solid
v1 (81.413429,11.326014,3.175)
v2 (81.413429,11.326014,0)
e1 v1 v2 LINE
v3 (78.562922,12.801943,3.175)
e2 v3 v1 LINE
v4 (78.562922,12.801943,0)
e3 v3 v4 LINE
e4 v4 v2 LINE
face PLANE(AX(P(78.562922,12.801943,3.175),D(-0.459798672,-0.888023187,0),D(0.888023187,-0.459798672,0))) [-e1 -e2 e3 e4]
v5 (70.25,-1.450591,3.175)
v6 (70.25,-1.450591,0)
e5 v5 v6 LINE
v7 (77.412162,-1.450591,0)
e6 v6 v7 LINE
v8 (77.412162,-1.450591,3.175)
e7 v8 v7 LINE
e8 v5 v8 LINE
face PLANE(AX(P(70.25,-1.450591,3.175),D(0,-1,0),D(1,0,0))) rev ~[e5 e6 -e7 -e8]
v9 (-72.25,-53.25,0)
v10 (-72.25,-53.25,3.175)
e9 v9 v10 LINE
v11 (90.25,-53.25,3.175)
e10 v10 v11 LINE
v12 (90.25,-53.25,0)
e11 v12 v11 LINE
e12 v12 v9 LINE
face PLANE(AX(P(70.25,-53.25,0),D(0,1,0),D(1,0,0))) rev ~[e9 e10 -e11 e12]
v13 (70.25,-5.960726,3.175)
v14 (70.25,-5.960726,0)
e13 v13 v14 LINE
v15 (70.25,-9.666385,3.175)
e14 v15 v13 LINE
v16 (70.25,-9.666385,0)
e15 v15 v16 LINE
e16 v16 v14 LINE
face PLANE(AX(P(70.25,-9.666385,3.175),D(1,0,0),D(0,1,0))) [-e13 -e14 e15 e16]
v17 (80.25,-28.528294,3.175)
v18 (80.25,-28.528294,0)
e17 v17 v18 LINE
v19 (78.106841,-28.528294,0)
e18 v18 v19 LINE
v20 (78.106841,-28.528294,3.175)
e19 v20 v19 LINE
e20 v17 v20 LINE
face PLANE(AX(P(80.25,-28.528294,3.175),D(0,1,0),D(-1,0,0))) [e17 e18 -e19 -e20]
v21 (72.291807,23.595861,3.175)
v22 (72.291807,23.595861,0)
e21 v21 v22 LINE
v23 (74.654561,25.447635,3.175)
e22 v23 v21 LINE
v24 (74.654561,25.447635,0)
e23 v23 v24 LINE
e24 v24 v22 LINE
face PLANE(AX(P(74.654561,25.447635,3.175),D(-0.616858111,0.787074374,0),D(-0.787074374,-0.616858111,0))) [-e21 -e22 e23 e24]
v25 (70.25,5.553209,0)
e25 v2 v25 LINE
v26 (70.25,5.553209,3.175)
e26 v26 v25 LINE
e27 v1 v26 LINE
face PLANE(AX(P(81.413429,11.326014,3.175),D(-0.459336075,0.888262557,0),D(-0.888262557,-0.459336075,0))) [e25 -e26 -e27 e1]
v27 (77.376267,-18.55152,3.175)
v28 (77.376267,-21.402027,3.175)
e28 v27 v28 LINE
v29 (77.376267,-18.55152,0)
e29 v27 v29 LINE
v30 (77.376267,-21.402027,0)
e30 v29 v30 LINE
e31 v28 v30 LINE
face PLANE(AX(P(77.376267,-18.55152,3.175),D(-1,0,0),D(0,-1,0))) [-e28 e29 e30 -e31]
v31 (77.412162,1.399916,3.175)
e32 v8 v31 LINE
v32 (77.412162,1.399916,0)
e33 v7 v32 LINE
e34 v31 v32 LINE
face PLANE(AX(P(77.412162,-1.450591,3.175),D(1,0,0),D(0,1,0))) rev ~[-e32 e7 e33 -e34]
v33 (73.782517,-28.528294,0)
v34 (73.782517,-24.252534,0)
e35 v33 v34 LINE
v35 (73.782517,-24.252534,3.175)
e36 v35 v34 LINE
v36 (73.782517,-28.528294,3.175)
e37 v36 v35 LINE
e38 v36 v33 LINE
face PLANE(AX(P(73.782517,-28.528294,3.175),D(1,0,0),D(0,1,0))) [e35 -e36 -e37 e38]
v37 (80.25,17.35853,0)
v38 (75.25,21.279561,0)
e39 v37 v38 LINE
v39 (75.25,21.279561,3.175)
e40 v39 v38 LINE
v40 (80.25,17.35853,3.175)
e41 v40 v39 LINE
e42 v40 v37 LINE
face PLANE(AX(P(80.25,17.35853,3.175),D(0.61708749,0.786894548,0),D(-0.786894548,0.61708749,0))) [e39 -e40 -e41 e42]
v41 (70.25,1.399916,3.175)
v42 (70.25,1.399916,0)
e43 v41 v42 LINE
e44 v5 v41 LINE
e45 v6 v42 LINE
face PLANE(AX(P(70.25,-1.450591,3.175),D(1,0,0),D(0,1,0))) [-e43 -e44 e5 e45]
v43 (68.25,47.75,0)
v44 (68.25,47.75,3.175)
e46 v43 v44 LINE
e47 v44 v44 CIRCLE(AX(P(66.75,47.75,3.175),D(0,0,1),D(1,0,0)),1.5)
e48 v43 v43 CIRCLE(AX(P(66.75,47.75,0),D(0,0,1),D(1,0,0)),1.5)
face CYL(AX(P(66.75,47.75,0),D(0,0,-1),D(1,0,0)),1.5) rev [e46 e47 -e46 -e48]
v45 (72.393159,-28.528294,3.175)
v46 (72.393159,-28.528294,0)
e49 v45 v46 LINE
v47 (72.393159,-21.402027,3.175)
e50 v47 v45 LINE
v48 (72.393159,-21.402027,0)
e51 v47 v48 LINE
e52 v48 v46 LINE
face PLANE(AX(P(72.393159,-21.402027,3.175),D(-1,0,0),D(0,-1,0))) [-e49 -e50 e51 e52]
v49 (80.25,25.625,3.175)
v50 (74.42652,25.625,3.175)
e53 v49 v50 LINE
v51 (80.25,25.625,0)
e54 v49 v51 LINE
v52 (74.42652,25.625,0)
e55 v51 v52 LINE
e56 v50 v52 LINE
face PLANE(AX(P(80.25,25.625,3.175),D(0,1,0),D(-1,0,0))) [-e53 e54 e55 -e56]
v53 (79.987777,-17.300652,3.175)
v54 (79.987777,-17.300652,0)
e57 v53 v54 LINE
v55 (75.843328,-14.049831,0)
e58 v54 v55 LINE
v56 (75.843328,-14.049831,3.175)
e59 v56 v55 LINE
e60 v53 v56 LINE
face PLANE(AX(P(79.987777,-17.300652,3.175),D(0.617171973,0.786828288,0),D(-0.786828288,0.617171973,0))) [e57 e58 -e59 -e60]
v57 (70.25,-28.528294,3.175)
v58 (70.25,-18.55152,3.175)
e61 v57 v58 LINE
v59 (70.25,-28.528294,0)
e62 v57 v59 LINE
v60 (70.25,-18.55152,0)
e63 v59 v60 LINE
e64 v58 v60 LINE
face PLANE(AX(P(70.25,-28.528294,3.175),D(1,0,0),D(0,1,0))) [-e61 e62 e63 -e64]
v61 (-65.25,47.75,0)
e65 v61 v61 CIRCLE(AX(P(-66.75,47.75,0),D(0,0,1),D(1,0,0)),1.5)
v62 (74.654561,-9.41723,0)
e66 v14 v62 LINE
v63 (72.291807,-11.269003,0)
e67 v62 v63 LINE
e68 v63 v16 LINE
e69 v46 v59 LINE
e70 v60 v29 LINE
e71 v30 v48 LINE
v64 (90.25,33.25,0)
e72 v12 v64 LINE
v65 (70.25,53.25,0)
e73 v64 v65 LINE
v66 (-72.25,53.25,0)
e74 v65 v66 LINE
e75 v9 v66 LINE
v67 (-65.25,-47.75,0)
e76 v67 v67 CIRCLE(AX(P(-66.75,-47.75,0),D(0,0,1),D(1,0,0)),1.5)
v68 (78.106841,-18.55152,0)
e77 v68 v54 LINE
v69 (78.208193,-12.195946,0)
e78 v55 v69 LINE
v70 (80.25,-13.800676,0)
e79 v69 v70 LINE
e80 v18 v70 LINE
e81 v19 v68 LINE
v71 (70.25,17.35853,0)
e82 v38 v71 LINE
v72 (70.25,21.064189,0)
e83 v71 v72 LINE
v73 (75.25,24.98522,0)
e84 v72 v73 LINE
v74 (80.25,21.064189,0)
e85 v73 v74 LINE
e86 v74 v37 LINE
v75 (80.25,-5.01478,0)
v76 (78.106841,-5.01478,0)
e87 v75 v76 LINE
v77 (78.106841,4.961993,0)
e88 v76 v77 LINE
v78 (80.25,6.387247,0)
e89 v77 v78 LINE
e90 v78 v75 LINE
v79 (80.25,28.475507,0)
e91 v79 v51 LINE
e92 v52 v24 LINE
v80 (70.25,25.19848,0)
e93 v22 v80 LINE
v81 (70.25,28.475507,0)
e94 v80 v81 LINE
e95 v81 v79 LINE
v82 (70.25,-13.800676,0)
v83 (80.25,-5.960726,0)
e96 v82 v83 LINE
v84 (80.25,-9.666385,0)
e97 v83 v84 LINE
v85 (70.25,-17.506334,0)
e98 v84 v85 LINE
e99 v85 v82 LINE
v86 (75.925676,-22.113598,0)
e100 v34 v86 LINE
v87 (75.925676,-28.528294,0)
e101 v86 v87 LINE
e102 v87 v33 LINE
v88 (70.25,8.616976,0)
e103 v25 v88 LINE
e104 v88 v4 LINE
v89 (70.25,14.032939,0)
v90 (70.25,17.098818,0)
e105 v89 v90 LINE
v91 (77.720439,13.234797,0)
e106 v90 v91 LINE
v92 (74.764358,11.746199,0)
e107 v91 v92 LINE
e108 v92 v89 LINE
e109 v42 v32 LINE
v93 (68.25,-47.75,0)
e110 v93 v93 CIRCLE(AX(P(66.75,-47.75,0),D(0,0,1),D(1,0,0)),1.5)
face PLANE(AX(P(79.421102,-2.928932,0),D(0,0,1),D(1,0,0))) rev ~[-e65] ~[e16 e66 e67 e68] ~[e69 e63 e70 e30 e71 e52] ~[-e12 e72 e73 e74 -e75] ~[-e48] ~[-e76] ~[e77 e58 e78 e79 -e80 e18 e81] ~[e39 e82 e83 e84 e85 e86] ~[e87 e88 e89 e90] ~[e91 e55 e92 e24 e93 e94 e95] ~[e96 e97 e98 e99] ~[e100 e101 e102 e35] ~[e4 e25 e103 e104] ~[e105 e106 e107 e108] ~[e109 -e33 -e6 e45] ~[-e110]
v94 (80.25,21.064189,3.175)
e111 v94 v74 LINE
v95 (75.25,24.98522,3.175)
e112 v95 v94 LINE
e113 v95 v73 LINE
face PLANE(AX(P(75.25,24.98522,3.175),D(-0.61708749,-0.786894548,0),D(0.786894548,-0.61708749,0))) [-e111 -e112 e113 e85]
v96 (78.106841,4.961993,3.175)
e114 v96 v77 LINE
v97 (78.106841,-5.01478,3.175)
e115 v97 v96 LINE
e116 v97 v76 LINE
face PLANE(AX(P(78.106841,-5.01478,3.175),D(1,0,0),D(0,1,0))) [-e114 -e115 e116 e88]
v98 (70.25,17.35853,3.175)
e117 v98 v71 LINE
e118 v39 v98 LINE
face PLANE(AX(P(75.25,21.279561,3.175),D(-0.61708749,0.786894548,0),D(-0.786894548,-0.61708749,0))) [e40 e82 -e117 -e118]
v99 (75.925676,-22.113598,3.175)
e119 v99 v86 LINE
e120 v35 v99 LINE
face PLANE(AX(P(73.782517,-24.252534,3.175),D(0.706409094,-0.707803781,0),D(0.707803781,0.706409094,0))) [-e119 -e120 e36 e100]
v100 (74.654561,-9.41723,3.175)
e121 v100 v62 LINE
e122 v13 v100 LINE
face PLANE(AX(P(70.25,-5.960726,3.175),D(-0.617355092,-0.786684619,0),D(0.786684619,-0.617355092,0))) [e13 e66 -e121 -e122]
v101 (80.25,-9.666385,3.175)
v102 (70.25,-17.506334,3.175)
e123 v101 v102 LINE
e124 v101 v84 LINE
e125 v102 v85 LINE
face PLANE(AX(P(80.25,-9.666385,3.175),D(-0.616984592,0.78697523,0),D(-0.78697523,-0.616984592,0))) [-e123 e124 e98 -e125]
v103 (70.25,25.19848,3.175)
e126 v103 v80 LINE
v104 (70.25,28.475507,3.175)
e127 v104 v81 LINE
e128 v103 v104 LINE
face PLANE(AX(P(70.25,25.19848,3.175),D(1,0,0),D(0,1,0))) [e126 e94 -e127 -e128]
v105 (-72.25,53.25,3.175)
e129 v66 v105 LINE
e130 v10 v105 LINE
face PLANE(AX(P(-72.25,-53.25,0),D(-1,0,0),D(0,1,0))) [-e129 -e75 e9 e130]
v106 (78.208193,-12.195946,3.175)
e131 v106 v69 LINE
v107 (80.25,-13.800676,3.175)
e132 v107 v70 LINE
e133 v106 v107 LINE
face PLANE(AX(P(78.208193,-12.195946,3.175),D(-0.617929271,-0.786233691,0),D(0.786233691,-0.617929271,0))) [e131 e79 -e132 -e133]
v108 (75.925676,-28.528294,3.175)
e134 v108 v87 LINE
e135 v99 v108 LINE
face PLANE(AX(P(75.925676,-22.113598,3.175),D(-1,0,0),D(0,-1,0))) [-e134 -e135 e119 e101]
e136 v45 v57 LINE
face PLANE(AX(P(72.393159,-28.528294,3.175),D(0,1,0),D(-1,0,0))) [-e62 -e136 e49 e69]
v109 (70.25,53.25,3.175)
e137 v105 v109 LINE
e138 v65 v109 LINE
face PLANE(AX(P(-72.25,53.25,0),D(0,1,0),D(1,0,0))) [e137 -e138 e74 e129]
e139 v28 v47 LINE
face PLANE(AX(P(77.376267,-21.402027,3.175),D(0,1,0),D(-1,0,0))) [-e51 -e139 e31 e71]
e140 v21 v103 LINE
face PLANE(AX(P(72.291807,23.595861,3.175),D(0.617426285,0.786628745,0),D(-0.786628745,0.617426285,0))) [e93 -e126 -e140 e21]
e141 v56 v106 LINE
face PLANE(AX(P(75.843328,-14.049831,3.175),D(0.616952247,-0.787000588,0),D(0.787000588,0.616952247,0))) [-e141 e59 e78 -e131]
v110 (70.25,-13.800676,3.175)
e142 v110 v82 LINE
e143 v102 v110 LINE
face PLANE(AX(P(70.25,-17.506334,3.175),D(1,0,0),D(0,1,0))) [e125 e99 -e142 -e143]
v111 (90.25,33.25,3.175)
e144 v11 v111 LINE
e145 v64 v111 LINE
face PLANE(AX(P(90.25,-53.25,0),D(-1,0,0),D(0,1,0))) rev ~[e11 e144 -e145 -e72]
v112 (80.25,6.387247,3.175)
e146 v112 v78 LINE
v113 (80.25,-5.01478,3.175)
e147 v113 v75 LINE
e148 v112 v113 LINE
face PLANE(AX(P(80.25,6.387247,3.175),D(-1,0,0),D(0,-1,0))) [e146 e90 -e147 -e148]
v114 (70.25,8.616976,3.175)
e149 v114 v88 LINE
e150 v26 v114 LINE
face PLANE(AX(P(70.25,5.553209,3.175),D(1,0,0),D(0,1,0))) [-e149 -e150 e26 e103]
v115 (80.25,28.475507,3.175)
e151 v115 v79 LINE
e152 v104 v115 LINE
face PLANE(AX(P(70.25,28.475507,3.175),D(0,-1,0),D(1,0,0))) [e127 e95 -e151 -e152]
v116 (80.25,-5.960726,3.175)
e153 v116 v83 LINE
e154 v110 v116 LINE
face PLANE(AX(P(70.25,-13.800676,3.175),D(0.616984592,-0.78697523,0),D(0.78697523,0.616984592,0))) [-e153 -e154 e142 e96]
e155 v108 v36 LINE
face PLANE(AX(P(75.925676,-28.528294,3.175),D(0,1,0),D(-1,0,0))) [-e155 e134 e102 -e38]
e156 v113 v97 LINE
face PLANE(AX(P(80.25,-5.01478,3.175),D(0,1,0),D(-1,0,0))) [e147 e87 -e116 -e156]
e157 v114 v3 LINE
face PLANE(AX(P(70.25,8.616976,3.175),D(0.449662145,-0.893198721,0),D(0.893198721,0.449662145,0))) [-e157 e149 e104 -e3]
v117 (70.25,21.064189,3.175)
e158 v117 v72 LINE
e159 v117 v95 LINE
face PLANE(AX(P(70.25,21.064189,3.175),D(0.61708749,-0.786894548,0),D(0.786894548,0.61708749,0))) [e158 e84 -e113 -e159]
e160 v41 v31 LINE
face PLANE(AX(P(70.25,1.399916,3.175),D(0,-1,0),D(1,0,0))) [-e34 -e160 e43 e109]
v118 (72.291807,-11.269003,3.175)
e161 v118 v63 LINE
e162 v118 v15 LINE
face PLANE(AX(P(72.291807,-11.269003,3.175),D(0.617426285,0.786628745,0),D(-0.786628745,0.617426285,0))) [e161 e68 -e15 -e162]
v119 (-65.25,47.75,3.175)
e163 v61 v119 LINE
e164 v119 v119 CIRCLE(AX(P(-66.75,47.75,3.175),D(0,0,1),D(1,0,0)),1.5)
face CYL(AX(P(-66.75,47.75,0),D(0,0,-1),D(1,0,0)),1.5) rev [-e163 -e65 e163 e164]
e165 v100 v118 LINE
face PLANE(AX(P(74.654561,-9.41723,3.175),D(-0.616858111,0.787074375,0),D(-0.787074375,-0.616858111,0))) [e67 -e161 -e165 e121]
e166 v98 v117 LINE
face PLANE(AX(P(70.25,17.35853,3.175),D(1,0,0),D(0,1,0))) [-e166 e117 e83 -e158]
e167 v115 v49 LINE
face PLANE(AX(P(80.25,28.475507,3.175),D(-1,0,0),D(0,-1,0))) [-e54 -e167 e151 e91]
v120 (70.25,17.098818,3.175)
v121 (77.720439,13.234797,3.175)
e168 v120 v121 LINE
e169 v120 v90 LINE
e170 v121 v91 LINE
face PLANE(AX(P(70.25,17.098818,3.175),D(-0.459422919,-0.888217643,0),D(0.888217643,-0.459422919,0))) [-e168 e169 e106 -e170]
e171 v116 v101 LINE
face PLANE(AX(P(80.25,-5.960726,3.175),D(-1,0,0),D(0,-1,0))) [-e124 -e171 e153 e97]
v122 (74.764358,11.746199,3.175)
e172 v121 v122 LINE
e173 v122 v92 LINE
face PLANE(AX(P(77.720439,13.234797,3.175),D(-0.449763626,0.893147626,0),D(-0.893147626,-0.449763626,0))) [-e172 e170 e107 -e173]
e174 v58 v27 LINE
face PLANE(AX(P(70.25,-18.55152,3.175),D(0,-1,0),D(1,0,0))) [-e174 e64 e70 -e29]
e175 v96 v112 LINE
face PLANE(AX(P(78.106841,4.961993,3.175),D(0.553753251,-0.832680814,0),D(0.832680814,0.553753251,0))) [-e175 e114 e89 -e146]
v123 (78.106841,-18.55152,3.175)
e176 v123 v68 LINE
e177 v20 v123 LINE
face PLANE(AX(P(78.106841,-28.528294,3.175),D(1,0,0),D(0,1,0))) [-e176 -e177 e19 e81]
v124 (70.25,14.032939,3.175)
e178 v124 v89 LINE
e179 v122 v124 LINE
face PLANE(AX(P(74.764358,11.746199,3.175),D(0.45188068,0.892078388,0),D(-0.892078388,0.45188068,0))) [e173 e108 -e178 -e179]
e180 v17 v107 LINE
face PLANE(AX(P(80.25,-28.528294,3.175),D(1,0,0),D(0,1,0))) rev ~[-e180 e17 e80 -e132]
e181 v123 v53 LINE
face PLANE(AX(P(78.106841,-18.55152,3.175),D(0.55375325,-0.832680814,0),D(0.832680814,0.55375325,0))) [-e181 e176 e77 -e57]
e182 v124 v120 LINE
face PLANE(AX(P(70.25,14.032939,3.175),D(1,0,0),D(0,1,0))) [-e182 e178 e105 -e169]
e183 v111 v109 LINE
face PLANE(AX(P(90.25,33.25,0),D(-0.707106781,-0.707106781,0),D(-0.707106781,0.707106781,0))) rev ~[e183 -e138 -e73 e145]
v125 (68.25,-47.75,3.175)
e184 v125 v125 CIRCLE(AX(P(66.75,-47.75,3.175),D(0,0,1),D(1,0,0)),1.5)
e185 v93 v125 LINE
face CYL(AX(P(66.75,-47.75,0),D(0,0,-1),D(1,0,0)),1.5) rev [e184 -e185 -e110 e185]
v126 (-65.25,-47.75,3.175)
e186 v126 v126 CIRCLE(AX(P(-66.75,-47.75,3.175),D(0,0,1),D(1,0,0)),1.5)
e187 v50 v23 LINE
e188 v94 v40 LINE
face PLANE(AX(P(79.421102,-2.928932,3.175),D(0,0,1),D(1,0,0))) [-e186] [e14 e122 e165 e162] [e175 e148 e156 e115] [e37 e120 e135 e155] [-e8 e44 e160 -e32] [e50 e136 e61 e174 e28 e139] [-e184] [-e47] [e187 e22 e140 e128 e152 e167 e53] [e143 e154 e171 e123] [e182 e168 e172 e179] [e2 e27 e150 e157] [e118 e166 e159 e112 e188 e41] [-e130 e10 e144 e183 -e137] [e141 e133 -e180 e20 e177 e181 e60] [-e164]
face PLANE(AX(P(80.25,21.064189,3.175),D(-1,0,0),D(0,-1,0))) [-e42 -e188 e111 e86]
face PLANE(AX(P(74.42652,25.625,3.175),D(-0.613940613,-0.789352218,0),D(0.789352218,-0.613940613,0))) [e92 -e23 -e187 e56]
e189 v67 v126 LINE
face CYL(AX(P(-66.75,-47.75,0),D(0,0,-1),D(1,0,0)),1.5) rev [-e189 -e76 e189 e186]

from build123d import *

# Parameters (mm, degrees)
SKETCH1_W           = 140.5
SKETCH1_H           = 106.5
SKETCH1_R           = 1.5
SKETCH1_W_2         = 2
BOSS_EXTRUDE1_DEPTH = 3.175
BOSS_EXTRUDE2_DEPTH = 3.175
SKETCH3_W           = 7.162162162
SKETCH3_H           = 2.850506757
CUT_EXTRUDE1_DEPTH  = 3.175


with BuildPart() as part:
    # Sketch1 → Boss-Extrude1 (new body)
    # profile 1 of 2: a face of its own
    with BuildSketch(Plane.XY):
        Rectangle(SKETCH1_W, SKETCH1_H)
        with Locations((-66.75, -47.75)):
            Circle(SKETCH1_R, mode=Mode.SUBTRACT)
        with Locations((66.75, -47.75)):
            Circle(SKETCH1_R, mode=Mode.SUBTRACT)
        with Locations((-66.75, 47.75)):
            Circle(SKETCH1_R, mode=Mode.SUBTRACT)
        with Locations((66.75, 47.75)):
            Circle(SKETCH1_R, mode=Mode.SUBTRACT)
    # profile 2 of 2: a face of its own
    with BuildSketch(Plane.XY):
        with Locations((-71.25, 0)):
            Rectangle(SKETCH1_W_2, SKETCH1_H)
    extrude(amount=BOSS_EXTRUDE1_DEPTH)

    # Sketch2 → Boss-Extrude2 (add)
    with BuildSketch(Plane.XY):
        Polygon((90.25, 33.25), (70.25, 53.25), (70.25, -53.25), (90.25, -53.25), align=None)
    extrude(amount=BOSS_EXTRUDE2_DEPTH)

    # Sketch3 → Cut-Extrude1 (cut)
    with BuildSketch(Plane.XY.offset(3.175)):
        Polygon((75.25, 21.279560811), (70.25, 17.358530405), (70.25, 21.064189189), (75.25, 24.985219595), (80.25, 21.064189189), (80.25, 17.358530405), align=None)
        Polygon((80.25, 28.475506757), (80.25, 25.625), (74.42652027, 25.625), (74.654560811, 25.447635135), (72.291807432, 23.595861486), (70.25, 25.19847973), (70.25, 28.475506757), align=None)
        Polygon((78.562922297, 12.801942568), (81.413429054, 11.326013514), (70.25, 5.553209459), (70.25, 8.616976351), align=None)
        Polygon((74.764358108, 11.746199324), (70.25, 14.032939189), (70.25, 17.098817568), (77.720439189, 13.234797297), align=None)
        Polygon((78.106841216, -5.014780405), (78.106841216, 4.961993243), (80.25, 6.387246622), (80.25, -5.014780405), align=None)
        with Locations((73.831081081, -0.025337837)):
            Rectangle(SKETCH3_W, SKETCH3_H)
        Polygon((70.25, -17.506334459), (70.25, -13.800675676), (80.25, -5.960726351), (80.25, -9.666385135), align=None)
        Polygon((78.208192568, -12.195945946), (80.25, -13.800675676), (80.25, -17.506334459), (75.843327703, -14.049831081), align=None)
        Polygon((72.291807432, -11.269003378), (70.25, -9.666385135), (70.25, -5.960726351), (74.654560811, -9.41722973), align=None)
        Polygon((78.106841216, -28.528293919), (78.106841216, -18.55152027), (80.25, -17.126266892), (80.25, -28.528293919), align=None)
        Polygon((77.376266892, -18.55152027), (77.376266892, -21.402027027), (72.393158784, -21.402027027), (72.393158784, -28.528293919), (70.25, -28.528293919), (70.25, -18.55152027), align=None)
        Polygon((73.782516892, -28.528293919), (73.782516892, -24.252533784), (75.925675676, -22.113597973), (75.925675676, -28.528293919), align=None)
    extrude(amount=-CUT_EXTRUDE1_DEPTH, mode=Mode.SUBTRACT)


solid = part.part
